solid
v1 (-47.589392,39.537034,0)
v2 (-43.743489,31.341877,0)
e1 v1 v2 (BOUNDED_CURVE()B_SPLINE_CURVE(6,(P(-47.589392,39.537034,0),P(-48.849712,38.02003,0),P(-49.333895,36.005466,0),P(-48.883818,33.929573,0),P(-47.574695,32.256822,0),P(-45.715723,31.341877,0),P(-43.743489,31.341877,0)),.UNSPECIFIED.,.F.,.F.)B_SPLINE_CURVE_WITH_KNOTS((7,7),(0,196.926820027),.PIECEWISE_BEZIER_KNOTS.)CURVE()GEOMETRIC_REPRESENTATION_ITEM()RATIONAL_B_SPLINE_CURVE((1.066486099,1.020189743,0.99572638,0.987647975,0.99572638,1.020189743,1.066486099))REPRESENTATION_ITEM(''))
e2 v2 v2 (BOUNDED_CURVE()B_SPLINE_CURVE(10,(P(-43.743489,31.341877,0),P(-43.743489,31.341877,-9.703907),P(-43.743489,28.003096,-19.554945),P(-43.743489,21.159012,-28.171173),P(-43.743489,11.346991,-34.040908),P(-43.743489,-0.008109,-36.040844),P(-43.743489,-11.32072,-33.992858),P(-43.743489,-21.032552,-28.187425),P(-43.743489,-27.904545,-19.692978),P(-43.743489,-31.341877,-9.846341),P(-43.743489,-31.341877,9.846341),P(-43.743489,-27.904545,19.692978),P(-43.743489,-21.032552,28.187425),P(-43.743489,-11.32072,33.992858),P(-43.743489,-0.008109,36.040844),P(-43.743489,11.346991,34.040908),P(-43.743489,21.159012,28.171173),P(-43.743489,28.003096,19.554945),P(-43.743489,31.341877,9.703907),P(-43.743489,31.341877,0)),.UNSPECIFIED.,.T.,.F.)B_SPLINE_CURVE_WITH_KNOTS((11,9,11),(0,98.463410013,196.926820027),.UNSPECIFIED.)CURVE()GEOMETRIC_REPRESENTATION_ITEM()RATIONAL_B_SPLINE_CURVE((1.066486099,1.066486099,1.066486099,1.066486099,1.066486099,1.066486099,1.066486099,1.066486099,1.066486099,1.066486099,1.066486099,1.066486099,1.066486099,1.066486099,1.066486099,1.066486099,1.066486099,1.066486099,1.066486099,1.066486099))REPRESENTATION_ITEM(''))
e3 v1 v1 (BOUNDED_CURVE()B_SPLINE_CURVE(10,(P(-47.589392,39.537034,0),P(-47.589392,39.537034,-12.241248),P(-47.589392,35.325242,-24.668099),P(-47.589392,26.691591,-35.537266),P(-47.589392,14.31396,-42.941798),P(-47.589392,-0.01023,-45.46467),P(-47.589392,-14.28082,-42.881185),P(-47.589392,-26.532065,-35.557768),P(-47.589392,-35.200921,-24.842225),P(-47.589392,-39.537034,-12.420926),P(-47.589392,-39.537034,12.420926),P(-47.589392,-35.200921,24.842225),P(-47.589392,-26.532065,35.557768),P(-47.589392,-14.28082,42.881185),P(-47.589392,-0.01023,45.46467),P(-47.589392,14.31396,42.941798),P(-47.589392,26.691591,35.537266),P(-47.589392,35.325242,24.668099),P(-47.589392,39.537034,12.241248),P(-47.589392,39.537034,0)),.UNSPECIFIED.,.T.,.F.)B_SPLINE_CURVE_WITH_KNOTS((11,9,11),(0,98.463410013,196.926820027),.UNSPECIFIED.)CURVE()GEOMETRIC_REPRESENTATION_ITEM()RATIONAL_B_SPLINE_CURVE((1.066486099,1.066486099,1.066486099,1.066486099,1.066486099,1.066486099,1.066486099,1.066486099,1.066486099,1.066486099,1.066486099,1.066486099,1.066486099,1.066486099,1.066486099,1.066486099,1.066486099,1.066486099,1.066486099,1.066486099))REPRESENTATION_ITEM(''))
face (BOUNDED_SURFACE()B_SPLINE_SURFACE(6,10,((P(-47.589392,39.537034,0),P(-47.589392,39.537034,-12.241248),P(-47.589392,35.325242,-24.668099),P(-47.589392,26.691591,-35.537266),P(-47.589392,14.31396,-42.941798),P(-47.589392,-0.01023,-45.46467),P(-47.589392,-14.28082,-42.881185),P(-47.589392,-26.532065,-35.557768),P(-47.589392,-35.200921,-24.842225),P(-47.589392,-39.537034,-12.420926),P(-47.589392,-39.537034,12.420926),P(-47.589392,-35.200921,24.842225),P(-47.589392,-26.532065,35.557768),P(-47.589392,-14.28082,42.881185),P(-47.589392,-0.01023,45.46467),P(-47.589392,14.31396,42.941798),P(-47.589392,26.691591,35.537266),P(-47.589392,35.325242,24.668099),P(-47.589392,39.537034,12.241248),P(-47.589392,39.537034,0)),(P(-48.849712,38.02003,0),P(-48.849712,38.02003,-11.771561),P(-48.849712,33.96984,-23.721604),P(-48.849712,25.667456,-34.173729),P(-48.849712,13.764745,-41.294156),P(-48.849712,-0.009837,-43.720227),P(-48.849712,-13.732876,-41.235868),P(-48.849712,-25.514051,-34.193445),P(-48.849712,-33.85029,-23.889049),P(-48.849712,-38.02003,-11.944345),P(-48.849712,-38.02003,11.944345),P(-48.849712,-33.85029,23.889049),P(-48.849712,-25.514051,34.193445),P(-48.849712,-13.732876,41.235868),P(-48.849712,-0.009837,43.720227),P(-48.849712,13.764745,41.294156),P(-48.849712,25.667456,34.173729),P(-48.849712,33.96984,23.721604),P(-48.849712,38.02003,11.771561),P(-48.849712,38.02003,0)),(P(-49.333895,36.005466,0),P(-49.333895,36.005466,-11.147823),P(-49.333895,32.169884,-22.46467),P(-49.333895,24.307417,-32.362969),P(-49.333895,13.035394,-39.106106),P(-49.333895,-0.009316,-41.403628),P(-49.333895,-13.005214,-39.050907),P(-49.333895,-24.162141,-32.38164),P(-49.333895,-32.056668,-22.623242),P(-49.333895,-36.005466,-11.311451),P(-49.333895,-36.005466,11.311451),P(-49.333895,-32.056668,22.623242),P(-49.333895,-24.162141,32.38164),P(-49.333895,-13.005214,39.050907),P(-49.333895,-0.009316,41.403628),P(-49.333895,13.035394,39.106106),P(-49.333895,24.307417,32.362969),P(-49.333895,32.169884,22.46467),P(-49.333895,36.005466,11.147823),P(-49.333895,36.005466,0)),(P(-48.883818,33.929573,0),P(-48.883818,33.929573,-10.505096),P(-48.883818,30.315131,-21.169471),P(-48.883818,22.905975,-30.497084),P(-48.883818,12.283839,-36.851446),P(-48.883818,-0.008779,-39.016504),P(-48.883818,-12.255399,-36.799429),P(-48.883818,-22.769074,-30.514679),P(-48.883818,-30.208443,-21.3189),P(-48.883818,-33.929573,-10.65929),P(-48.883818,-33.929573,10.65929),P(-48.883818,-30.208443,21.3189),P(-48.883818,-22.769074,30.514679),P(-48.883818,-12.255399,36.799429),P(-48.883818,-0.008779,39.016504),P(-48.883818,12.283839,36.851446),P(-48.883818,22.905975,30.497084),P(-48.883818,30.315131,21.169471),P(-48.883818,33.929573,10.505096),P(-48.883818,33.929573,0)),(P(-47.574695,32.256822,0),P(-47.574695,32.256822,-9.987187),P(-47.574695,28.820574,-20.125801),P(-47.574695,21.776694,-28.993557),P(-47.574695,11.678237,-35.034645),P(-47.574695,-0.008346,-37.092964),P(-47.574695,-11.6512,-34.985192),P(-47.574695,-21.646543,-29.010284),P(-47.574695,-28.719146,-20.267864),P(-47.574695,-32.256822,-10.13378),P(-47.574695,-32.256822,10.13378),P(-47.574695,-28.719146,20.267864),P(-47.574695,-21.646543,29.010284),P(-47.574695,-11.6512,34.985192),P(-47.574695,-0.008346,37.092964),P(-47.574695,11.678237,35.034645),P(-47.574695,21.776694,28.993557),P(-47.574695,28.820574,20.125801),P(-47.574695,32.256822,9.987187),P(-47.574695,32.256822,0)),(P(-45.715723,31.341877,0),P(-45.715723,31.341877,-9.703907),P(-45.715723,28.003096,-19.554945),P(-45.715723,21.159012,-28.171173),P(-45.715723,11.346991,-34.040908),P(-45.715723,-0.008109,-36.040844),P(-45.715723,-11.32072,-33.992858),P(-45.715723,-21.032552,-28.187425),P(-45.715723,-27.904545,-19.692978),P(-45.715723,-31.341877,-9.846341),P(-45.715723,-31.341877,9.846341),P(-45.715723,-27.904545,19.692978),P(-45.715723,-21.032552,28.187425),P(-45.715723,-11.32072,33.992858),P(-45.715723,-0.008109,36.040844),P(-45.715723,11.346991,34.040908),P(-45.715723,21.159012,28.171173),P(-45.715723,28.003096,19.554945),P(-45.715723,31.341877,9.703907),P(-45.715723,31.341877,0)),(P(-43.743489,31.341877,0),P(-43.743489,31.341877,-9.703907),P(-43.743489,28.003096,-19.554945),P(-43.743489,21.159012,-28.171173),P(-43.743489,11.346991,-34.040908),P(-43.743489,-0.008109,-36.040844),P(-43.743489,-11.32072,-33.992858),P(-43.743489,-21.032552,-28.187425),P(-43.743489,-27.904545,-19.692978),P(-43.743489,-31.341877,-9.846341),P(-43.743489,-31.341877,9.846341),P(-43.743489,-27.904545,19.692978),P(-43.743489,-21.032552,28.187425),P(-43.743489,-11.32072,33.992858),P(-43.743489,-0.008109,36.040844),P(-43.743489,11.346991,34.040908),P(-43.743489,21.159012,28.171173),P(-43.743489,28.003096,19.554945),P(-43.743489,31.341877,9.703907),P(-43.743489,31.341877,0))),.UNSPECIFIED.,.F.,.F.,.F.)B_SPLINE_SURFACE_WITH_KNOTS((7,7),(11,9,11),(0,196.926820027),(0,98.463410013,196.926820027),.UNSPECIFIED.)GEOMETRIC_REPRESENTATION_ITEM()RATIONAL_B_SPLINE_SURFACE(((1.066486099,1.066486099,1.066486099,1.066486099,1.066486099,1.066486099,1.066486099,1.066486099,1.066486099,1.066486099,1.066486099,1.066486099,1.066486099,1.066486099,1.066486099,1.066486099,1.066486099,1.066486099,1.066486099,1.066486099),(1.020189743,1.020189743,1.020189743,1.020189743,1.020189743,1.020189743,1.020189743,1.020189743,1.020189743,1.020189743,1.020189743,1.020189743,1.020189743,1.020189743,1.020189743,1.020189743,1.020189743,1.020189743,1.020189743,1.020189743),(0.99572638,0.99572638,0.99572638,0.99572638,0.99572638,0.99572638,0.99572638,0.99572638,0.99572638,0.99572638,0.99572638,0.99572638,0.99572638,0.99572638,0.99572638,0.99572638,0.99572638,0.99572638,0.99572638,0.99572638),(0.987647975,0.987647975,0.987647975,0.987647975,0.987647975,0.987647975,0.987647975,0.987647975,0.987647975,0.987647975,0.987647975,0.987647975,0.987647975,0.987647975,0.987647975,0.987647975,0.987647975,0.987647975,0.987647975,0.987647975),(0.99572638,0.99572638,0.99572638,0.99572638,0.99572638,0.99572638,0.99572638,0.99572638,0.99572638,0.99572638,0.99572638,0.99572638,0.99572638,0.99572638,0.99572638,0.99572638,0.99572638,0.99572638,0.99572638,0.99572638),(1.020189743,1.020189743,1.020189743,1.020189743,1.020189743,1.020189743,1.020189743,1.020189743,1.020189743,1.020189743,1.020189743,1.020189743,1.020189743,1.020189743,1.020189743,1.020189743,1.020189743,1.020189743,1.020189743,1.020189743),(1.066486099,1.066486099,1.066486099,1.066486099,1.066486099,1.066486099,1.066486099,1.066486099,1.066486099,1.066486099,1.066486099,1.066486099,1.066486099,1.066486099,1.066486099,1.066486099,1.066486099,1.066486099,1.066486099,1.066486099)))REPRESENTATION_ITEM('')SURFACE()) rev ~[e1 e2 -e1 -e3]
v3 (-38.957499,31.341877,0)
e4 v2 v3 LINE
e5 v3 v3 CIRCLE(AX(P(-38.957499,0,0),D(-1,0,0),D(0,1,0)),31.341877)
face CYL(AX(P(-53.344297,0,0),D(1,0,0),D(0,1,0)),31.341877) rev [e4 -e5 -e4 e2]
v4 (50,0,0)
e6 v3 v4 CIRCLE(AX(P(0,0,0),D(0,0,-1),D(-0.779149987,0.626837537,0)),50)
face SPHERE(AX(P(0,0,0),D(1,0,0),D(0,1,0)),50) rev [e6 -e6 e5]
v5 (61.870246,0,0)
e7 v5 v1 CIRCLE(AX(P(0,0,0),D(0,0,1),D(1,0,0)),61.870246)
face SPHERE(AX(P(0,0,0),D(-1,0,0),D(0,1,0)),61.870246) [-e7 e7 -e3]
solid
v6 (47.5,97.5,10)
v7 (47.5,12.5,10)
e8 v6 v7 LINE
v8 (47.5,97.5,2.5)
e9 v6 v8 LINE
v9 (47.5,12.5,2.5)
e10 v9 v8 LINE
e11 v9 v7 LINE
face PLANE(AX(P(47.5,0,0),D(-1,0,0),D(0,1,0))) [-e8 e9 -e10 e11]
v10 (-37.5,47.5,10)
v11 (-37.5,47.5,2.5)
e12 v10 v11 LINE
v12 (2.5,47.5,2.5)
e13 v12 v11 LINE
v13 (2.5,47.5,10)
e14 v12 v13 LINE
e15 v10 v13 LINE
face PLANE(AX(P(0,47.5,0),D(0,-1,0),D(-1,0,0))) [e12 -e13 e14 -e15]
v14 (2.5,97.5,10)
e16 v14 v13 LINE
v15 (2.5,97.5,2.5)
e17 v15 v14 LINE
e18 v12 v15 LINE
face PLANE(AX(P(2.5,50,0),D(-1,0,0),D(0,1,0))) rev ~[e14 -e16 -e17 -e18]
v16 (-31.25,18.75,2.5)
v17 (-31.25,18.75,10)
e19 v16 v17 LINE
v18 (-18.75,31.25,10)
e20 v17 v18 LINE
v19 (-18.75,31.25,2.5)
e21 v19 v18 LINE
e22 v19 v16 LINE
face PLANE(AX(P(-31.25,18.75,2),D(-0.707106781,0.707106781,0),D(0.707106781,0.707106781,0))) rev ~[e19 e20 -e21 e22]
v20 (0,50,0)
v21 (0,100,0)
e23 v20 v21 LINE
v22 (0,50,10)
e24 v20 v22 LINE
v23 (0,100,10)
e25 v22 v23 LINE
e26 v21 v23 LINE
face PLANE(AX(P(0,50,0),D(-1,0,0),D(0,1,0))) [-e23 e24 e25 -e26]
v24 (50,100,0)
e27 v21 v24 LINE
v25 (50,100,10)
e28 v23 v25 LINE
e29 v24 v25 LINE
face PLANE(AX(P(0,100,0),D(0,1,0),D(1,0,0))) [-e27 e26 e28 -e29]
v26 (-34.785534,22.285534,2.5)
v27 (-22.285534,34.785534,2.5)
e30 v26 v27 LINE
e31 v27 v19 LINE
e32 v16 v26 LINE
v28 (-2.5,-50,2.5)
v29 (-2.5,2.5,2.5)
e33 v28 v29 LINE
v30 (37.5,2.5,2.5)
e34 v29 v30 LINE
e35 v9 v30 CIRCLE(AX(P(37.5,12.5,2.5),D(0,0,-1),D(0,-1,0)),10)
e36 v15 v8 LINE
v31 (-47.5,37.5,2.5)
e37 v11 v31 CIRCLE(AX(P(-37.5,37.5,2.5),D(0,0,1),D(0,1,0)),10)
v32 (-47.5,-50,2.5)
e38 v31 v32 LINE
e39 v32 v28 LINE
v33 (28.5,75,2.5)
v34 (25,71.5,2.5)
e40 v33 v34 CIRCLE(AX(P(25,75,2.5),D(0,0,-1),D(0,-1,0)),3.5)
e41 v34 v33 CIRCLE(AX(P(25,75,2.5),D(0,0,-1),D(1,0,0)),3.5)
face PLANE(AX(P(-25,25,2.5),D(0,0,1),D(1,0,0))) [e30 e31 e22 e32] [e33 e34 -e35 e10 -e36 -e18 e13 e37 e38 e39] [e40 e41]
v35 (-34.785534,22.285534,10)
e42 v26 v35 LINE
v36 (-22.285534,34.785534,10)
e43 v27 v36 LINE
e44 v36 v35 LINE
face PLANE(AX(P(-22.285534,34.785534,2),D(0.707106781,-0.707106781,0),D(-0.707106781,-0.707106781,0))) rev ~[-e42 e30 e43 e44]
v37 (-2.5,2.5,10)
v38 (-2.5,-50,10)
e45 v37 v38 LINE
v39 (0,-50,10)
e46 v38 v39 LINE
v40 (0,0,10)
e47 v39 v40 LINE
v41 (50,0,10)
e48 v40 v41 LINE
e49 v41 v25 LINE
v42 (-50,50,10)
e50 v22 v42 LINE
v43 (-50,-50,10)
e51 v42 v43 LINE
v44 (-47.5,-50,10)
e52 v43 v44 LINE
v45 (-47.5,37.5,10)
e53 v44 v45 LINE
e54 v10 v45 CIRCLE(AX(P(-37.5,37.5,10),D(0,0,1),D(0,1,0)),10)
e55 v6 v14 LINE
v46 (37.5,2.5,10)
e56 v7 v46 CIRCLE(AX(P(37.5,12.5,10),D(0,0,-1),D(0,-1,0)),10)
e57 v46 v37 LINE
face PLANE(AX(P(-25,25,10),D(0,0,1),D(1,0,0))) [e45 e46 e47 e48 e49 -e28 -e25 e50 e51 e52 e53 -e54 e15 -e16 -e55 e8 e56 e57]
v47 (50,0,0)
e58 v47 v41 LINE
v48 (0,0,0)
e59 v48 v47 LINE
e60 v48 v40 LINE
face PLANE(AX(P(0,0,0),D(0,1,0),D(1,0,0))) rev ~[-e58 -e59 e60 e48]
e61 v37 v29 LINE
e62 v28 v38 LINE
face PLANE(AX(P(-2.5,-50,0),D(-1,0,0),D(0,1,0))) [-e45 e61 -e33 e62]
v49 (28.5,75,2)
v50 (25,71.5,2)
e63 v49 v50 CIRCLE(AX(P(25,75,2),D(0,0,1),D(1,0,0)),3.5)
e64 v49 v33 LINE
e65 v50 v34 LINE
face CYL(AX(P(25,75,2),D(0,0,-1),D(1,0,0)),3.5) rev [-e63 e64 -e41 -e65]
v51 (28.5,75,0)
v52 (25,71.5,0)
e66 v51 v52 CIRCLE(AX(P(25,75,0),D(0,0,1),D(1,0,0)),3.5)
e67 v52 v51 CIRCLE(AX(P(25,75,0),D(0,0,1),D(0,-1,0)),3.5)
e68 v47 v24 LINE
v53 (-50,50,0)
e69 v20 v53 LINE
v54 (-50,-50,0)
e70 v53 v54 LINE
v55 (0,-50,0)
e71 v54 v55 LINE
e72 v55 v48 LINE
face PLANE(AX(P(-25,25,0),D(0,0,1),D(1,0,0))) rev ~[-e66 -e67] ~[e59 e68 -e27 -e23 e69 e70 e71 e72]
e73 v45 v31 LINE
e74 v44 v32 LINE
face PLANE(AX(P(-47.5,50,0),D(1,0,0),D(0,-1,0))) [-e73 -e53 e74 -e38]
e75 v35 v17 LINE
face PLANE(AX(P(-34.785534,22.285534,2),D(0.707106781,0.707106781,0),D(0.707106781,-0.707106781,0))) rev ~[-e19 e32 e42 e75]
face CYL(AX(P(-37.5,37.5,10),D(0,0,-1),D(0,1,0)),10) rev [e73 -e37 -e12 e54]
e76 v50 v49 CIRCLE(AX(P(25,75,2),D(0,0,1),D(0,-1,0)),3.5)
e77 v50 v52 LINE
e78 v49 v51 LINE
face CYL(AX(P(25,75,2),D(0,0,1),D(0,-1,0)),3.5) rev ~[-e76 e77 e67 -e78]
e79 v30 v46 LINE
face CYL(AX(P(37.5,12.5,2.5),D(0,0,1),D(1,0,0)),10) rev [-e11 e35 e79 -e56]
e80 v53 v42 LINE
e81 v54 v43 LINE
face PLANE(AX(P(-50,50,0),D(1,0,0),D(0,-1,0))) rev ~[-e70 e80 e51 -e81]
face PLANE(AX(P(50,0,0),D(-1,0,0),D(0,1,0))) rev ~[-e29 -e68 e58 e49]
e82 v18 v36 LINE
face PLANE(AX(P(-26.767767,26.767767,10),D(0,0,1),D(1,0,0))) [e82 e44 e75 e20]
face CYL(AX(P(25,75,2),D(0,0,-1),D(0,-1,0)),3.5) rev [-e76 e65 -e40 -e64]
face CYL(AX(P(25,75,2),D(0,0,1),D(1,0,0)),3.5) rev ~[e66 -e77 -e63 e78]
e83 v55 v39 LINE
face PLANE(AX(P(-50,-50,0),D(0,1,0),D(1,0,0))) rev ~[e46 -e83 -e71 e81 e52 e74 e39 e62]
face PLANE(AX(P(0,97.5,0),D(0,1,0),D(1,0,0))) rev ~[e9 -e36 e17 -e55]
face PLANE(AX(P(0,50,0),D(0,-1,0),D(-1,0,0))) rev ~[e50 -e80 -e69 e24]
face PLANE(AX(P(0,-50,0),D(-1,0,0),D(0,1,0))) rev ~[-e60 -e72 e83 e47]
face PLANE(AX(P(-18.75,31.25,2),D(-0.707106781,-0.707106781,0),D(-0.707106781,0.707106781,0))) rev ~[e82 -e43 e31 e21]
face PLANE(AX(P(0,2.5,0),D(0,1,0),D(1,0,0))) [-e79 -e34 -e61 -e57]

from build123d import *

# Parameters (mm, degrees)
F0_W     = 50
F0_H     = 50
F1_DEPTH = 10
F2_T     = -2.5
F5_DEPTH = 8
F6_R     = 10
F7_DEPTH = 12.5
F10_R    = 5


with BuildPart() as f1:
    # F0 (on Top) → F1 (new body)
    with BuildSketch(Plane.XY):
        with Locations((-25, 25)):
            Rectangle(F0_W, F0_H)
        with Locations((-25, -25)):
            Rectangle(F0_W, F0_H)
        with Locations((25, 25)):
            Rectangle(F0_W, F0_H)
        with Locations((25, 75)):
            Rectangle(F0_W, F0_H)
    extrude(amount=F1_DEPTH)

    # F2
    f2_openings = [f1.faces().sort_by_distance(p)[0] for p in [
        (0, 25, 10),
        (-25, -50, 5),
    ]]
    offset(amount=F2_T, openings=f2_openings, kind=Kind.INTERSECTION)

    # F4 (on offset) → F5 (join)
    with BuildSketch(Plane.XY.offset(2)):
        Polygon((-34.7855339059, 22.2855339059), (-31.25, 18.75), (-25, 25), (-18.75, 31.25), (-22.2855339059, 34.7855339059), (-28.5355339059, 28.5355339059), align=None)
    extrude(amount=F5_DEPTH)

    # F6
    f6_edges = [f1.edges().sort_by_distance(p)[0] for p in [
        (-47.5, 47.5, 6.25),
        (47.5, 2.5, 6.25),
    ]]
    fillet(f6_edges, radius=F6_R)

    # F4 (on offset) → F7 (cut, symmetric)
    with BuildSketch(Plane.XY.offset(2)):
        with BuildLine():
            ThreePointArc((28.5, 75), (22.5251262658, 77.4748737342), (25, 71.5))
            ThreePointArc((25, 71.5), (27.4748737342, 72.5251262658), (28.5, 75))
        make_face()
    extrude(amount=F7_DEPTH, both=True, mode=Mode.SUBTRACT)


with BuildPart() as f9:
    # F8 (on Top) → F9 (revolve)
    with BuildSketch(Plane.XY):
        with BuildLine():
            ThreePointArc((-38.9574993613, 31.3418768346), (16.6151291289, 47.1586416686), (50, 0))
            Line((50, 0), (61.8702455015, 0))
            ThreePointArc((61.8702455015, 0), (16.2404205562, 59.7007204192), (-53.3442971169, 31.3418768346))
            Line((-53.3442971169, 31.3418768346), (-38.9574993613, 31.3418768346))
        make_face()
    revolve(axis=Axis((-56.6923804581, 0, 0), (-1, 0, 0)))

    # F10
    f10_edges = [f9.edges().sort_by_distance(p)[0] for p in [
        (-53.344297, -31.341877, 0),
    ]]
    fillet(f10_edges, radius=F10_R)


solid = Compound([f1.part, f9.part])
